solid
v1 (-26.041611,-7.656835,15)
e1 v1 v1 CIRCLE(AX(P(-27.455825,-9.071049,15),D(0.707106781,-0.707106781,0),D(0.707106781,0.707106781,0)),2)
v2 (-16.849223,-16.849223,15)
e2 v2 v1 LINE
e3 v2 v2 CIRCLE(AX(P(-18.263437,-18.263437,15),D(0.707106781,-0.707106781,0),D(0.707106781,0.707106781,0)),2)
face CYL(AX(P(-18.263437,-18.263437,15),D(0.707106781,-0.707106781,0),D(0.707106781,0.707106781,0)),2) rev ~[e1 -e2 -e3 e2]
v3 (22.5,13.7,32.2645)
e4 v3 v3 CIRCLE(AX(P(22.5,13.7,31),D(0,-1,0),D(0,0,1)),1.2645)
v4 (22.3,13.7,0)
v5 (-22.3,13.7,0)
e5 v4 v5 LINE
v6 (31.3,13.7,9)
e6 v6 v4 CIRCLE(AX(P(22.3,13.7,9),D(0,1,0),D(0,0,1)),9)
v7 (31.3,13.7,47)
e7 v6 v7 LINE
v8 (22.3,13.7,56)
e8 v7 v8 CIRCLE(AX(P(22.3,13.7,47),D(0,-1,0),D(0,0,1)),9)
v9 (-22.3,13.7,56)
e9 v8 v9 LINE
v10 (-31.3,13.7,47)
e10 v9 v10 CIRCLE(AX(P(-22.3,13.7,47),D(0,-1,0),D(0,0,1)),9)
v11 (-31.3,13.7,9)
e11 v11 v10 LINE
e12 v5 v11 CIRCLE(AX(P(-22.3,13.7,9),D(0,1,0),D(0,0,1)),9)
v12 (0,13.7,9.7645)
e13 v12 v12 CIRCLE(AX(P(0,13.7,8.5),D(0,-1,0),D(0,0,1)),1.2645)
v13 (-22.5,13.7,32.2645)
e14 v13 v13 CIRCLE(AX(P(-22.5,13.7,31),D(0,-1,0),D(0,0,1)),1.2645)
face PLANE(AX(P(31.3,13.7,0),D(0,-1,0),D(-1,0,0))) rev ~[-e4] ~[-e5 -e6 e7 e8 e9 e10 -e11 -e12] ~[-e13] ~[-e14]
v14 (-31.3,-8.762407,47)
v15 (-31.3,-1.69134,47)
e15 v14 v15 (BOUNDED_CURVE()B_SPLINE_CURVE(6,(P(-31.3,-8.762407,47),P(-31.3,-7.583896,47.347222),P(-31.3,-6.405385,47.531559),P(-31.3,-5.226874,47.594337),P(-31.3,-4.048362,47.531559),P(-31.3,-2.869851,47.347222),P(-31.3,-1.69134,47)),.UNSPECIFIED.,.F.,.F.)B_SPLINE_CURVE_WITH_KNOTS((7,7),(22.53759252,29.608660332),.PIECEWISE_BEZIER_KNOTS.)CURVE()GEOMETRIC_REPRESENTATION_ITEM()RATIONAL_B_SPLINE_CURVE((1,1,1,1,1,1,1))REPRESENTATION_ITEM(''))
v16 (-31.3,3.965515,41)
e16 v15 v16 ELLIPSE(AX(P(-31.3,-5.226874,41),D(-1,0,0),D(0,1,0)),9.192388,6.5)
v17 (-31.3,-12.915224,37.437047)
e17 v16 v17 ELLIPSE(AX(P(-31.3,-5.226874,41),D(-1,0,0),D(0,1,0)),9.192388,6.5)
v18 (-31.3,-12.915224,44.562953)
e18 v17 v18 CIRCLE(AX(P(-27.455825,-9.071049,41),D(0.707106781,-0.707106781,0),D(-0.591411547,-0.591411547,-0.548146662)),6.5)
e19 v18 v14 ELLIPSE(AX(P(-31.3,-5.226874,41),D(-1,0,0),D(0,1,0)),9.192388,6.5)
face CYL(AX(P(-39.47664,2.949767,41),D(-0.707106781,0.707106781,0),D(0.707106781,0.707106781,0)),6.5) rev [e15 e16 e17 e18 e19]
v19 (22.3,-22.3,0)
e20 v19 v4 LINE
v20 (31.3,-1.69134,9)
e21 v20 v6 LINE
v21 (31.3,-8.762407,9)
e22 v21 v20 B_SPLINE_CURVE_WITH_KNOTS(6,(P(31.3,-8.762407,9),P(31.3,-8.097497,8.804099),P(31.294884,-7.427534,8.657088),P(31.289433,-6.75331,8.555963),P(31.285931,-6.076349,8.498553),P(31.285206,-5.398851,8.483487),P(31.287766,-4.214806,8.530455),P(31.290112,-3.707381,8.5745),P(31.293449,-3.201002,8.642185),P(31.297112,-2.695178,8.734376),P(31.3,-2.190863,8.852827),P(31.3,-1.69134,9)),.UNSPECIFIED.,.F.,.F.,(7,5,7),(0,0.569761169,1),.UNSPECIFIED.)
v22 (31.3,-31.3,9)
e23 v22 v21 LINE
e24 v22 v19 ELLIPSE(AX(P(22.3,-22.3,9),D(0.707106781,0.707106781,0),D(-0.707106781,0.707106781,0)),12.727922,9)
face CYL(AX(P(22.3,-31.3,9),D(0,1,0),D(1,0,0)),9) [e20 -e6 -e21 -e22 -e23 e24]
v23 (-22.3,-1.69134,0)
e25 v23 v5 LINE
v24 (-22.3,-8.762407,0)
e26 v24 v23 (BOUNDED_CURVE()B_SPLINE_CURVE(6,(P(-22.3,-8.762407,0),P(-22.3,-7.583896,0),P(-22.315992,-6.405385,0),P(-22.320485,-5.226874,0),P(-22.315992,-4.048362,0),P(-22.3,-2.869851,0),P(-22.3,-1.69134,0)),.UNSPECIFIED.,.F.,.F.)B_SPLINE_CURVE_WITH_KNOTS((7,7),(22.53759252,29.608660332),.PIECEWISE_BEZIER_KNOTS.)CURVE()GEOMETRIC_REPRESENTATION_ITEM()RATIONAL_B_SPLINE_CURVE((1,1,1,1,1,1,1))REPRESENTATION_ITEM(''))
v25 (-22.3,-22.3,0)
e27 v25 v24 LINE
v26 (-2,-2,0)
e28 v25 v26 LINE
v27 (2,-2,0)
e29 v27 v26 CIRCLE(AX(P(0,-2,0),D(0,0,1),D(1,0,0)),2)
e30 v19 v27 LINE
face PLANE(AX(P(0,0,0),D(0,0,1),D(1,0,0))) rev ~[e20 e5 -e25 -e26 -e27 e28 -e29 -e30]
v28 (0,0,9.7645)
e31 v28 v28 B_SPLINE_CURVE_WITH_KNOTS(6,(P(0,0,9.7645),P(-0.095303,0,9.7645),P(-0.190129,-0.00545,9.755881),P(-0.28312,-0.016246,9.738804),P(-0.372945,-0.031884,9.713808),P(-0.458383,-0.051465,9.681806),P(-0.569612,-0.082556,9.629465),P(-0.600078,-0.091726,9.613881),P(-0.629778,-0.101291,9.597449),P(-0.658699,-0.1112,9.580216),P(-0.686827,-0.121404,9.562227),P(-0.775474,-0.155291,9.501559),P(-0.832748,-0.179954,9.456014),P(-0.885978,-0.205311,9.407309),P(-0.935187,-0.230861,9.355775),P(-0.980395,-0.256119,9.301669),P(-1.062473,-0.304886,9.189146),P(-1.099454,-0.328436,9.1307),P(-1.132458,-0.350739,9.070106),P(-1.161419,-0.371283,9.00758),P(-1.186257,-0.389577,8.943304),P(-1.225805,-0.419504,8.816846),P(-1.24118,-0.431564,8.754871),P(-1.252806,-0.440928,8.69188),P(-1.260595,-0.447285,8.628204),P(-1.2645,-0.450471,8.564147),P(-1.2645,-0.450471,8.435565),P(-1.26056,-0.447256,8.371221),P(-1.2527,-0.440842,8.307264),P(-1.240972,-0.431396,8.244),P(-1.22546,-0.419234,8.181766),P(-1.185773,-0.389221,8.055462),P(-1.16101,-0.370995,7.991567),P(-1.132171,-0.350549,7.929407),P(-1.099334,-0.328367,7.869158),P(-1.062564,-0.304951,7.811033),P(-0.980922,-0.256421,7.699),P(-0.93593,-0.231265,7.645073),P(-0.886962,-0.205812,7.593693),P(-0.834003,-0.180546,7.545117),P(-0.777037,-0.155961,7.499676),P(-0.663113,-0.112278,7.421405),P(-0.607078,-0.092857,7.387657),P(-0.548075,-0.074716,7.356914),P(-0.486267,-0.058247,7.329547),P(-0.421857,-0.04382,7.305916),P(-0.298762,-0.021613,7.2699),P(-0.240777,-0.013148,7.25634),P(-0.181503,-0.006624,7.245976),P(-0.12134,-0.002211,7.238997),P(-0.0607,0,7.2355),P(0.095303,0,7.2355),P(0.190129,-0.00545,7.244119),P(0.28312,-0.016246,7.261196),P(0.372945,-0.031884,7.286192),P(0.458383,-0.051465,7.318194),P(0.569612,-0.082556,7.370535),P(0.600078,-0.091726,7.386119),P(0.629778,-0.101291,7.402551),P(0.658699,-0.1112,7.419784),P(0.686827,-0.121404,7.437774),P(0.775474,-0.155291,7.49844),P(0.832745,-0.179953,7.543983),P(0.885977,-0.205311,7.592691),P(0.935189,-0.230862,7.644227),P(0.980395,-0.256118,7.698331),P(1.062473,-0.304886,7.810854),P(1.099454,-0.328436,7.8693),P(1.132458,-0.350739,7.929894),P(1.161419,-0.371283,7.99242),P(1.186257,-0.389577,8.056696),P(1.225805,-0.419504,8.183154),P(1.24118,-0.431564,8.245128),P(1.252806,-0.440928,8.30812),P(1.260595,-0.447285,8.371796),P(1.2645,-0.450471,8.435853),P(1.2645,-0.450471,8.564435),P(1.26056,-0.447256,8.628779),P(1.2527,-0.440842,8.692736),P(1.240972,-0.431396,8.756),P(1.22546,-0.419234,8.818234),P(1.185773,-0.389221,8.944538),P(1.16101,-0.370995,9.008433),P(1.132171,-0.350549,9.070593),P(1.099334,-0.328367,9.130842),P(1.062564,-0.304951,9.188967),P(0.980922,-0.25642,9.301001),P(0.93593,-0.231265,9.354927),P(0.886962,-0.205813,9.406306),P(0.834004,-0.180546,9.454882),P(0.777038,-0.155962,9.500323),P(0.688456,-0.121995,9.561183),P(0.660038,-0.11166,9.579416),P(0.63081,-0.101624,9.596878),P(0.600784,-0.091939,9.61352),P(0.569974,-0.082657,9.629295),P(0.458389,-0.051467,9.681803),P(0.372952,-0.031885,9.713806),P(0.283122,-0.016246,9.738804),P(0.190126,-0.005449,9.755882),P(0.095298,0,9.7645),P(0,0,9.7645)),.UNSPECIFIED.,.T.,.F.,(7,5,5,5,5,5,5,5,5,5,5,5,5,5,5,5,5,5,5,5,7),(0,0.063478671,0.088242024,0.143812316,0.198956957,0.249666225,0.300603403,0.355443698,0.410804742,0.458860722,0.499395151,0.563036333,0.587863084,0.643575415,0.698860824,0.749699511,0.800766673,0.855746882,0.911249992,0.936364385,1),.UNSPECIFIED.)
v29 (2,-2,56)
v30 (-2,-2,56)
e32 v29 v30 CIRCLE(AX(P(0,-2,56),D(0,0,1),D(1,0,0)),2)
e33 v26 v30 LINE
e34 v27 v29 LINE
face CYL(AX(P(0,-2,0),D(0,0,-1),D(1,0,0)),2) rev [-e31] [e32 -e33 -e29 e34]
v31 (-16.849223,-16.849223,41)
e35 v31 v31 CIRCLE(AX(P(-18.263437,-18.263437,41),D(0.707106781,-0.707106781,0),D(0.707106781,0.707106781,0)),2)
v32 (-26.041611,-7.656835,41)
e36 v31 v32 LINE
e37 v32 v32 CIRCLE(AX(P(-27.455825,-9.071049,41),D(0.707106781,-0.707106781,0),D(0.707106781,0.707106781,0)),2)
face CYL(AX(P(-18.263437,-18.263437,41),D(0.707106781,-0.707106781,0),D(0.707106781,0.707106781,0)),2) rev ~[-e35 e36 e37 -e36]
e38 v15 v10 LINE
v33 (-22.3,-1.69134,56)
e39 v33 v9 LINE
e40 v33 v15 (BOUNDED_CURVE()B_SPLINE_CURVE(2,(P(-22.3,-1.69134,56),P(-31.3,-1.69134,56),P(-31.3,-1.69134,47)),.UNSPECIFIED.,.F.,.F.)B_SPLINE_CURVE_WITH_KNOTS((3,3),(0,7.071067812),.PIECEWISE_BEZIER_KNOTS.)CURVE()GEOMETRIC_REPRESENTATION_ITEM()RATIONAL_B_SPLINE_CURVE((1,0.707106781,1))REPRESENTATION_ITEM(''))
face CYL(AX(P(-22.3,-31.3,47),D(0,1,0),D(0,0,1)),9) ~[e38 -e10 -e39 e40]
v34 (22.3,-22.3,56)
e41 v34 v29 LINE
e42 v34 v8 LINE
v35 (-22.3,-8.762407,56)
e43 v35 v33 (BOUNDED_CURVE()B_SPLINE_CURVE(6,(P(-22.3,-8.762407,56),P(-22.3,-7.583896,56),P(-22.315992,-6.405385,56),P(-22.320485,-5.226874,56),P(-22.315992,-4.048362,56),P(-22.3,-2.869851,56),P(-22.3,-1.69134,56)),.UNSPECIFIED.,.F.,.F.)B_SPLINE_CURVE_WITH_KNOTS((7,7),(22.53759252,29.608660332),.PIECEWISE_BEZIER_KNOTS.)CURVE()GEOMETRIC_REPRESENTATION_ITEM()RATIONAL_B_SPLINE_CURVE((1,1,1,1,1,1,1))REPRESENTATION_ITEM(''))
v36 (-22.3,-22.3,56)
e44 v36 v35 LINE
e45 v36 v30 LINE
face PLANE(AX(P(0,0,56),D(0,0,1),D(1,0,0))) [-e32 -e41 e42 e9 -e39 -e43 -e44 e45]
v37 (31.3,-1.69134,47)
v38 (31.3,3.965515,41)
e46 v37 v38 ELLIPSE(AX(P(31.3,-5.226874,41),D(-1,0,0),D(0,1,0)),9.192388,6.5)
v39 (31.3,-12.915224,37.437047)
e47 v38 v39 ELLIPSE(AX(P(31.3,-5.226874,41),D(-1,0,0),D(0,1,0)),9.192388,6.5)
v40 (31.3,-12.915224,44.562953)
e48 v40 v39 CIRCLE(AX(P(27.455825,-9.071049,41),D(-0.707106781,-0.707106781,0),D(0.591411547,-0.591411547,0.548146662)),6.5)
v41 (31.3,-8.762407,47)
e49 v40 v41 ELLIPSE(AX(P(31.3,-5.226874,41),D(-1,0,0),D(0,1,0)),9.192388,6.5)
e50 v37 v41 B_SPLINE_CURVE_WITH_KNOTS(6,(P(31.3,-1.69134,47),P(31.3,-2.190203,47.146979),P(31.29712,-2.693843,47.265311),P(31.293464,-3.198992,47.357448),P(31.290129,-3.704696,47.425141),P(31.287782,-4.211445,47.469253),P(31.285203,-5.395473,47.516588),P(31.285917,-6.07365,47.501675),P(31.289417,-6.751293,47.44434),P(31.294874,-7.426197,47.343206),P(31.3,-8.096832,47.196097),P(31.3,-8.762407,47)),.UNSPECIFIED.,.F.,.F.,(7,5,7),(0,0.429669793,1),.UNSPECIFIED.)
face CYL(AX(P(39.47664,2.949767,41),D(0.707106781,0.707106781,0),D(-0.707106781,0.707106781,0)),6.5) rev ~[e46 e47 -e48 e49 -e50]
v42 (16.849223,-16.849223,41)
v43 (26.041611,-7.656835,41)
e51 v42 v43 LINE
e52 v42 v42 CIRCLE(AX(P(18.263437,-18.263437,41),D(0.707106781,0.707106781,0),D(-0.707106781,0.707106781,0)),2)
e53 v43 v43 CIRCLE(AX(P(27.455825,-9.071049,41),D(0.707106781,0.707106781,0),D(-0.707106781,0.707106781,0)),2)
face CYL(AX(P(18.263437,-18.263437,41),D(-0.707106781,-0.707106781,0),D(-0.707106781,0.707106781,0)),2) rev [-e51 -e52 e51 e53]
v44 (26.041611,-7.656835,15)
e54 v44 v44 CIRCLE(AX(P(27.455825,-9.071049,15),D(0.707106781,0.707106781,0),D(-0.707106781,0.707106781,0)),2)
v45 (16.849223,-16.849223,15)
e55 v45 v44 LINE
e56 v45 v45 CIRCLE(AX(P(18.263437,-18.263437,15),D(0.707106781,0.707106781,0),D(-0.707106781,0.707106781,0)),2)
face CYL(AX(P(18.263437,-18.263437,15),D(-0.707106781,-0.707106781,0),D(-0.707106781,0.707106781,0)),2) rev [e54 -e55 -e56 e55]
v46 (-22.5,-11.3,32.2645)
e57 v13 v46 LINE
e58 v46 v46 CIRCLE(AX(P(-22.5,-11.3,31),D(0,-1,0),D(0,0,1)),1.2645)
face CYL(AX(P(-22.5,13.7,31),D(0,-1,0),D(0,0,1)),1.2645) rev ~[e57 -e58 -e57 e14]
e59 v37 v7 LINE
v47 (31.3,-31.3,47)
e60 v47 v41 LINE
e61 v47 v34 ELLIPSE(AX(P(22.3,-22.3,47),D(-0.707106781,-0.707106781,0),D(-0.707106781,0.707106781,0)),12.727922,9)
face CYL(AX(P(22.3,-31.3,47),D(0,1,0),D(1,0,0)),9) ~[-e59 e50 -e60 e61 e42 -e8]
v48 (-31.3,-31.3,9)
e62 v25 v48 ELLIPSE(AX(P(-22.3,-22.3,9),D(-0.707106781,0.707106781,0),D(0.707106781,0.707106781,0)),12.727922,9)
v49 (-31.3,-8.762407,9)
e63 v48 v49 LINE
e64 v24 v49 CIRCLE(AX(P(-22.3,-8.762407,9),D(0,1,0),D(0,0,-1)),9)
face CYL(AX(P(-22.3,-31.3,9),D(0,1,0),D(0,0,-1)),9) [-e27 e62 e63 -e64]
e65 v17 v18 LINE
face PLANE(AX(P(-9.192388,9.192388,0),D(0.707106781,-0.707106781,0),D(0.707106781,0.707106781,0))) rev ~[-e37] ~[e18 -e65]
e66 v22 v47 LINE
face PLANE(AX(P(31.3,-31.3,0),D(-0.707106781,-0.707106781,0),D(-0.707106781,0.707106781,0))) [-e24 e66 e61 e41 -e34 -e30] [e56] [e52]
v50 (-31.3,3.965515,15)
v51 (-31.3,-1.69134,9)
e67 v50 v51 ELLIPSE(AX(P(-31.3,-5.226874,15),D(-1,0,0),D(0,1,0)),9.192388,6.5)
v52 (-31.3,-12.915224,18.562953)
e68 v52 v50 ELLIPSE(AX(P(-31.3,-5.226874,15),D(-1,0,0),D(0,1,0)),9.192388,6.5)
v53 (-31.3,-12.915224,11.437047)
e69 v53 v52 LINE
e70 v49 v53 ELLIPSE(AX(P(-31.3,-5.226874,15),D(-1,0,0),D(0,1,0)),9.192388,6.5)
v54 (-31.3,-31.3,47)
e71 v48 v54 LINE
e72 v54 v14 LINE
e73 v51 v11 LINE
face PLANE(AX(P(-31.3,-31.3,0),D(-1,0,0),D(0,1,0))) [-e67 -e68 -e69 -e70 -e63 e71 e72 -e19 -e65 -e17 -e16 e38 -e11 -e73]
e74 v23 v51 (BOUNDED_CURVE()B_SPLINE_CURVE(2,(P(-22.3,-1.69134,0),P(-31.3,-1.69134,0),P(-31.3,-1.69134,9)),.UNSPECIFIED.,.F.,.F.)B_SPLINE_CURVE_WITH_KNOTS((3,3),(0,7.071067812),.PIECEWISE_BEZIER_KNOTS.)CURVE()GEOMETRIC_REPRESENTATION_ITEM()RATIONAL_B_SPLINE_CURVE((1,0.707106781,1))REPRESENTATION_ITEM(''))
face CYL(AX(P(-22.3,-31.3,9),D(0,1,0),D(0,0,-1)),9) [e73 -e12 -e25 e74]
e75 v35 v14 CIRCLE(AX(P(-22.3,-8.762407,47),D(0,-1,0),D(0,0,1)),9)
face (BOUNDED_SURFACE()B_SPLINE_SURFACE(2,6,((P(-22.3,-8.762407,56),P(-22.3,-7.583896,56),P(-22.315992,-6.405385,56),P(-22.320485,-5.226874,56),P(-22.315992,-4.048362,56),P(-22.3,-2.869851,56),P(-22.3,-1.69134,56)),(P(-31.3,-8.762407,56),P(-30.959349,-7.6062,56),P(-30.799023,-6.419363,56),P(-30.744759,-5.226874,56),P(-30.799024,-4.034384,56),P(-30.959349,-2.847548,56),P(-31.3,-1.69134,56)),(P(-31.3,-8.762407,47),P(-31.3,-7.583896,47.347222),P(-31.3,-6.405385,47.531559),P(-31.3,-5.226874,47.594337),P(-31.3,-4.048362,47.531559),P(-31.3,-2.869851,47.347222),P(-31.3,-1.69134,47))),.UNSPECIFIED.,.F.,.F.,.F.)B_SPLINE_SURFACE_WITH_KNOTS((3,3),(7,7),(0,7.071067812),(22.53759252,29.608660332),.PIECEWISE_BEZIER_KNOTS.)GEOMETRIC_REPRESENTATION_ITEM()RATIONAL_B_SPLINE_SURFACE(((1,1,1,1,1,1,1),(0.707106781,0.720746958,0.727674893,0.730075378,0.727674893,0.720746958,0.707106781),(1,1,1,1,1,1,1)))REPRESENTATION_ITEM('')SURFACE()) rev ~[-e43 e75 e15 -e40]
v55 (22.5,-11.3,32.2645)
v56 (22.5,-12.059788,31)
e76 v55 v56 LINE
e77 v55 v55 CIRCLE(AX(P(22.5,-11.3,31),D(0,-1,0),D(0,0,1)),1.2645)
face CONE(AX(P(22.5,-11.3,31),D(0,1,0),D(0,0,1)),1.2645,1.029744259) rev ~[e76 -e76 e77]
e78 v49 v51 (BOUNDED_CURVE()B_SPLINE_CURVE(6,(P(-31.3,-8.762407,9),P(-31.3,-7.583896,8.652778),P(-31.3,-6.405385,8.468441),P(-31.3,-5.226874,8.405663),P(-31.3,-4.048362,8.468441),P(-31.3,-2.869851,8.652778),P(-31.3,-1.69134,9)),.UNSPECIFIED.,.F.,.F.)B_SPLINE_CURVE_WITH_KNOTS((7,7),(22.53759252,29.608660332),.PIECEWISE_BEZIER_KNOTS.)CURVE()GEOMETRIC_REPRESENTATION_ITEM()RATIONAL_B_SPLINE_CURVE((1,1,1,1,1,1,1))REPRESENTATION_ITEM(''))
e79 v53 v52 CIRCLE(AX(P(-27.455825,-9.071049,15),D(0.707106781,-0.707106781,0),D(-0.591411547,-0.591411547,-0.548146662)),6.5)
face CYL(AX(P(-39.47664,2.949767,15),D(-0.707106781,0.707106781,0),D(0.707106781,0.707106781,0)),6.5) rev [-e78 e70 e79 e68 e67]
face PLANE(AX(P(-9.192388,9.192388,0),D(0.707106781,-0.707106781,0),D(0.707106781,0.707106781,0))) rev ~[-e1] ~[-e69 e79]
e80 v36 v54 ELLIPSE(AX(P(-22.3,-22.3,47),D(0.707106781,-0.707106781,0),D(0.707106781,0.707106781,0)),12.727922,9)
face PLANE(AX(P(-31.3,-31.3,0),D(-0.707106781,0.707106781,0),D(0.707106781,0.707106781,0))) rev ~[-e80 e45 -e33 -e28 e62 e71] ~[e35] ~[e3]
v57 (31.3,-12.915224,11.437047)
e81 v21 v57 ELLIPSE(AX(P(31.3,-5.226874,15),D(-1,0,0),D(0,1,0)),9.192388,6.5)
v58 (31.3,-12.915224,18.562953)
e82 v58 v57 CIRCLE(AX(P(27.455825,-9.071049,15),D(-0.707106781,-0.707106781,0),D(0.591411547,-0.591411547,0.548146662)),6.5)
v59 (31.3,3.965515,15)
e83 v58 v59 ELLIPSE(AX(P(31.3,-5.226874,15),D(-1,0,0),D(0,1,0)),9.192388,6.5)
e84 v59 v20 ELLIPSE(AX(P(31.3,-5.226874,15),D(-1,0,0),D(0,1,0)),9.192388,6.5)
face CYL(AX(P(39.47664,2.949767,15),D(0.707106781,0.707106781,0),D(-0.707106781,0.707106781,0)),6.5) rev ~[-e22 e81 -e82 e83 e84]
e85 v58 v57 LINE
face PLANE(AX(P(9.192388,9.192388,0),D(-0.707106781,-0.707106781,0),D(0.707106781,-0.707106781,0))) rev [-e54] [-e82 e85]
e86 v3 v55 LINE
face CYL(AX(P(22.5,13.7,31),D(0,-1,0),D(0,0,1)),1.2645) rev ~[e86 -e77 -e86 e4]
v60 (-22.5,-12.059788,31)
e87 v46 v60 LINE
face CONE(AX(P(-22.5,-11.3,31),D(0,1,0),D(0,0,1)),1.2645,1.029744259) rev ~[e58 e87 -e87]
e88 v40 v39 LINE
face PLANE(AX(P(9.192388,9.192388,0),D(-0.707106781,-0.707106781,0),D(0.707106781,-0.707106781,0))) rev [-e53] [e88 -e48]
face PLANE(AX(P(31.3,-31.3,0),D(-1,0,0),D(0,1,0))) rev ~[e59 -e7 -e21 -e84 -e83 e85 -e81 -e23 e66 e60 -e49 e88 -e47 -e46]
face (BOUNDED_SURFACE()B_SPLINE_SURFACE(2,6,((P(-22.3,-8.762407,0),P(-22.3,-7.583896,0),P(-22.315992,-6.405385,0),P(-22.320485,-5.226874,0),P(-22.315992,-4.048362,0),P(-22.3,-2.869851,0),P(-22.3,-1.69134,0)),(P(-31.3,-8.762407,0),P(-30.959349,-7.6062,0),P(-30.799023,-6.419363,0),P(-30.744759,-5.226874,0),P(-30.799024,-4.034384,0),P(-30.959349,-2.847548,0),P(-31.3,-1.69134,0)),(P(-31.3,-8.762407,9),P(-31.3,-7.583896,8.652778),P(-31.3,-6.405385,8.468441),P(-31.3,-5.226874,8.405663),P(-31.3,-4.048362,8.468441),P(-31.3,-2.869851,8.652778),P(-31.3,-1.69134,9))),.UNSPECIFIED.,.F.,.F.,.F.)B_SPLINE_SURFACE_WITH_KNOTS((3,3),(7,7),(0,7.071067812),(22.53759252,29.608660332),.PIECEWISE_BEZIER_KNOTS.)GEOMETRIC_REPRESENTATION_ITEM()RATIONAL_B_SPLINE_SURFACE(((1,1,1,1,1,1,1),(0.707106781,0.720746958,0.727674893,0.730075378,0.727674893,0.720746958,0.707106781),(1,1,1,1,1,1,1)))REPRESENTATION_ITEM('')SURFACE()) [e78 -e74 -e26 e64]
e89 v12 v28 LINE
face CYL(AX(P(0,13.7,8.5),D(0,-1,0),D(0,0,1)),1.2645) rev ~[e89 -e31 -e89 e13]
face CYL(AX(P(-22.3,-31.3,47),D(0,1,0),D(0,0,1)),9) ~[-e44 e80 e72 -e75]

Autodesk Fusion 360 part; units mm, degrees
sketch "Sketch1" plane through (0, 0, 0) normal (0, 0, 1) x (1, 0, 0)
  line L0 (0, 0) -> (0, -37.5335) construction
  line L1 (31.3, -31.3) -> (31.3, 13.7)
  line L2 (31.3, -31.3) -> (2, -2)
  line L3 (-31.3, -31.3) -> (-31.3, 13.7)
  line L4 (-31.3, -31.3) -> (-2, -2)
  line L5 (31.3, 13.7) -> (-31.3, 13.7)
  arc A0 (2, -2) -> (-2, -2) centre (0, -2) ccw
  dimension "d1" = 62.6
  dimension "d2" = 45
  dimension "d4" = 90
  dimension "d5" = 2
extrude "Extrude1" add sketch "Sketch1" along normal blind 56
sketch "Sketch2" plane through (0, 0, 0) normal (0.7071, -0.7071, 0) x (0.7071, 0.7071, 0)
  line L0 (-44.2649, 0) -> (-2.8284, 0)
  line L1 (-2.8284, 0) -> (-2.8284, 56)
  line L2 (-2.8284, 56) -> (-44.2649, 56)
  line L3 (-44.2649, 56) -> (-44.2649, 0)
  circle A0 centre (-25.8284, 41) radius 2
  circle A1 centre (-25.8284, 15) radius 2
  circle A2 centre (-25.8284, 15) radius 6.5
  circle A3 centre (-25.8284, 41) radius 6.5
  dimension "d8" = 15
  dimension "d10" = 4
  dimension "d11" = 15
  dimension "d12" = 23
  dimension "d15" = 13
extrude "Extrude2" cut sketch "Sketch2" against normal blind 61.002 contours A0 | A1
extrude "Extrude3" cut sketch "Sketch2" along normal blind 17 from surface at -30 contours A2 | A3
sketch "Sketch3" plane through (0, 13.7, 0) normal (0, 1, 0) x (-1, 0, 0)
  line L0 (-31.3, 0) -> (31.3, 0)
  line L1 (31.3, 0) -> (31.3, 56)
  line L2 (31.3, 56) -> (-31.3, 56)
  line L3 (-31.3, 56) -> (-31.3, 0)
  line L4 (0, 56) -> (0, 42.8245) construction
  circle A0 centre (-22.5, 31) radius 1.5
  circle A1 centre (22.5, 31) radius 1.5
  circle A2 centre (0, 8.5) radius 1.5
  dimension "d19" = 25
  dimension "d20" = 45
  dimension "d21" = 3
  dimension "d30" = 8.5
hole "Hole1" at (22.5, 13.7, 31) at (-22.5, 13.7, 31) at (0, 13.7, 8.5) direction (0, -1, 0) diameter 2.529 depth 25 tip angle 118
fillet "Fillet1" radius 9 4 edges at (31.3, -8.8, 56) (-31.3, -8.8, 56) (-31.3, -8.8, 0) (31.3, -8.8, 0)
mirror "Mirror1" about plane through (0, 0, 0) normal (1, 0, 0) of "Extrude2", "Extrude3"
equation "d11 = d8"
